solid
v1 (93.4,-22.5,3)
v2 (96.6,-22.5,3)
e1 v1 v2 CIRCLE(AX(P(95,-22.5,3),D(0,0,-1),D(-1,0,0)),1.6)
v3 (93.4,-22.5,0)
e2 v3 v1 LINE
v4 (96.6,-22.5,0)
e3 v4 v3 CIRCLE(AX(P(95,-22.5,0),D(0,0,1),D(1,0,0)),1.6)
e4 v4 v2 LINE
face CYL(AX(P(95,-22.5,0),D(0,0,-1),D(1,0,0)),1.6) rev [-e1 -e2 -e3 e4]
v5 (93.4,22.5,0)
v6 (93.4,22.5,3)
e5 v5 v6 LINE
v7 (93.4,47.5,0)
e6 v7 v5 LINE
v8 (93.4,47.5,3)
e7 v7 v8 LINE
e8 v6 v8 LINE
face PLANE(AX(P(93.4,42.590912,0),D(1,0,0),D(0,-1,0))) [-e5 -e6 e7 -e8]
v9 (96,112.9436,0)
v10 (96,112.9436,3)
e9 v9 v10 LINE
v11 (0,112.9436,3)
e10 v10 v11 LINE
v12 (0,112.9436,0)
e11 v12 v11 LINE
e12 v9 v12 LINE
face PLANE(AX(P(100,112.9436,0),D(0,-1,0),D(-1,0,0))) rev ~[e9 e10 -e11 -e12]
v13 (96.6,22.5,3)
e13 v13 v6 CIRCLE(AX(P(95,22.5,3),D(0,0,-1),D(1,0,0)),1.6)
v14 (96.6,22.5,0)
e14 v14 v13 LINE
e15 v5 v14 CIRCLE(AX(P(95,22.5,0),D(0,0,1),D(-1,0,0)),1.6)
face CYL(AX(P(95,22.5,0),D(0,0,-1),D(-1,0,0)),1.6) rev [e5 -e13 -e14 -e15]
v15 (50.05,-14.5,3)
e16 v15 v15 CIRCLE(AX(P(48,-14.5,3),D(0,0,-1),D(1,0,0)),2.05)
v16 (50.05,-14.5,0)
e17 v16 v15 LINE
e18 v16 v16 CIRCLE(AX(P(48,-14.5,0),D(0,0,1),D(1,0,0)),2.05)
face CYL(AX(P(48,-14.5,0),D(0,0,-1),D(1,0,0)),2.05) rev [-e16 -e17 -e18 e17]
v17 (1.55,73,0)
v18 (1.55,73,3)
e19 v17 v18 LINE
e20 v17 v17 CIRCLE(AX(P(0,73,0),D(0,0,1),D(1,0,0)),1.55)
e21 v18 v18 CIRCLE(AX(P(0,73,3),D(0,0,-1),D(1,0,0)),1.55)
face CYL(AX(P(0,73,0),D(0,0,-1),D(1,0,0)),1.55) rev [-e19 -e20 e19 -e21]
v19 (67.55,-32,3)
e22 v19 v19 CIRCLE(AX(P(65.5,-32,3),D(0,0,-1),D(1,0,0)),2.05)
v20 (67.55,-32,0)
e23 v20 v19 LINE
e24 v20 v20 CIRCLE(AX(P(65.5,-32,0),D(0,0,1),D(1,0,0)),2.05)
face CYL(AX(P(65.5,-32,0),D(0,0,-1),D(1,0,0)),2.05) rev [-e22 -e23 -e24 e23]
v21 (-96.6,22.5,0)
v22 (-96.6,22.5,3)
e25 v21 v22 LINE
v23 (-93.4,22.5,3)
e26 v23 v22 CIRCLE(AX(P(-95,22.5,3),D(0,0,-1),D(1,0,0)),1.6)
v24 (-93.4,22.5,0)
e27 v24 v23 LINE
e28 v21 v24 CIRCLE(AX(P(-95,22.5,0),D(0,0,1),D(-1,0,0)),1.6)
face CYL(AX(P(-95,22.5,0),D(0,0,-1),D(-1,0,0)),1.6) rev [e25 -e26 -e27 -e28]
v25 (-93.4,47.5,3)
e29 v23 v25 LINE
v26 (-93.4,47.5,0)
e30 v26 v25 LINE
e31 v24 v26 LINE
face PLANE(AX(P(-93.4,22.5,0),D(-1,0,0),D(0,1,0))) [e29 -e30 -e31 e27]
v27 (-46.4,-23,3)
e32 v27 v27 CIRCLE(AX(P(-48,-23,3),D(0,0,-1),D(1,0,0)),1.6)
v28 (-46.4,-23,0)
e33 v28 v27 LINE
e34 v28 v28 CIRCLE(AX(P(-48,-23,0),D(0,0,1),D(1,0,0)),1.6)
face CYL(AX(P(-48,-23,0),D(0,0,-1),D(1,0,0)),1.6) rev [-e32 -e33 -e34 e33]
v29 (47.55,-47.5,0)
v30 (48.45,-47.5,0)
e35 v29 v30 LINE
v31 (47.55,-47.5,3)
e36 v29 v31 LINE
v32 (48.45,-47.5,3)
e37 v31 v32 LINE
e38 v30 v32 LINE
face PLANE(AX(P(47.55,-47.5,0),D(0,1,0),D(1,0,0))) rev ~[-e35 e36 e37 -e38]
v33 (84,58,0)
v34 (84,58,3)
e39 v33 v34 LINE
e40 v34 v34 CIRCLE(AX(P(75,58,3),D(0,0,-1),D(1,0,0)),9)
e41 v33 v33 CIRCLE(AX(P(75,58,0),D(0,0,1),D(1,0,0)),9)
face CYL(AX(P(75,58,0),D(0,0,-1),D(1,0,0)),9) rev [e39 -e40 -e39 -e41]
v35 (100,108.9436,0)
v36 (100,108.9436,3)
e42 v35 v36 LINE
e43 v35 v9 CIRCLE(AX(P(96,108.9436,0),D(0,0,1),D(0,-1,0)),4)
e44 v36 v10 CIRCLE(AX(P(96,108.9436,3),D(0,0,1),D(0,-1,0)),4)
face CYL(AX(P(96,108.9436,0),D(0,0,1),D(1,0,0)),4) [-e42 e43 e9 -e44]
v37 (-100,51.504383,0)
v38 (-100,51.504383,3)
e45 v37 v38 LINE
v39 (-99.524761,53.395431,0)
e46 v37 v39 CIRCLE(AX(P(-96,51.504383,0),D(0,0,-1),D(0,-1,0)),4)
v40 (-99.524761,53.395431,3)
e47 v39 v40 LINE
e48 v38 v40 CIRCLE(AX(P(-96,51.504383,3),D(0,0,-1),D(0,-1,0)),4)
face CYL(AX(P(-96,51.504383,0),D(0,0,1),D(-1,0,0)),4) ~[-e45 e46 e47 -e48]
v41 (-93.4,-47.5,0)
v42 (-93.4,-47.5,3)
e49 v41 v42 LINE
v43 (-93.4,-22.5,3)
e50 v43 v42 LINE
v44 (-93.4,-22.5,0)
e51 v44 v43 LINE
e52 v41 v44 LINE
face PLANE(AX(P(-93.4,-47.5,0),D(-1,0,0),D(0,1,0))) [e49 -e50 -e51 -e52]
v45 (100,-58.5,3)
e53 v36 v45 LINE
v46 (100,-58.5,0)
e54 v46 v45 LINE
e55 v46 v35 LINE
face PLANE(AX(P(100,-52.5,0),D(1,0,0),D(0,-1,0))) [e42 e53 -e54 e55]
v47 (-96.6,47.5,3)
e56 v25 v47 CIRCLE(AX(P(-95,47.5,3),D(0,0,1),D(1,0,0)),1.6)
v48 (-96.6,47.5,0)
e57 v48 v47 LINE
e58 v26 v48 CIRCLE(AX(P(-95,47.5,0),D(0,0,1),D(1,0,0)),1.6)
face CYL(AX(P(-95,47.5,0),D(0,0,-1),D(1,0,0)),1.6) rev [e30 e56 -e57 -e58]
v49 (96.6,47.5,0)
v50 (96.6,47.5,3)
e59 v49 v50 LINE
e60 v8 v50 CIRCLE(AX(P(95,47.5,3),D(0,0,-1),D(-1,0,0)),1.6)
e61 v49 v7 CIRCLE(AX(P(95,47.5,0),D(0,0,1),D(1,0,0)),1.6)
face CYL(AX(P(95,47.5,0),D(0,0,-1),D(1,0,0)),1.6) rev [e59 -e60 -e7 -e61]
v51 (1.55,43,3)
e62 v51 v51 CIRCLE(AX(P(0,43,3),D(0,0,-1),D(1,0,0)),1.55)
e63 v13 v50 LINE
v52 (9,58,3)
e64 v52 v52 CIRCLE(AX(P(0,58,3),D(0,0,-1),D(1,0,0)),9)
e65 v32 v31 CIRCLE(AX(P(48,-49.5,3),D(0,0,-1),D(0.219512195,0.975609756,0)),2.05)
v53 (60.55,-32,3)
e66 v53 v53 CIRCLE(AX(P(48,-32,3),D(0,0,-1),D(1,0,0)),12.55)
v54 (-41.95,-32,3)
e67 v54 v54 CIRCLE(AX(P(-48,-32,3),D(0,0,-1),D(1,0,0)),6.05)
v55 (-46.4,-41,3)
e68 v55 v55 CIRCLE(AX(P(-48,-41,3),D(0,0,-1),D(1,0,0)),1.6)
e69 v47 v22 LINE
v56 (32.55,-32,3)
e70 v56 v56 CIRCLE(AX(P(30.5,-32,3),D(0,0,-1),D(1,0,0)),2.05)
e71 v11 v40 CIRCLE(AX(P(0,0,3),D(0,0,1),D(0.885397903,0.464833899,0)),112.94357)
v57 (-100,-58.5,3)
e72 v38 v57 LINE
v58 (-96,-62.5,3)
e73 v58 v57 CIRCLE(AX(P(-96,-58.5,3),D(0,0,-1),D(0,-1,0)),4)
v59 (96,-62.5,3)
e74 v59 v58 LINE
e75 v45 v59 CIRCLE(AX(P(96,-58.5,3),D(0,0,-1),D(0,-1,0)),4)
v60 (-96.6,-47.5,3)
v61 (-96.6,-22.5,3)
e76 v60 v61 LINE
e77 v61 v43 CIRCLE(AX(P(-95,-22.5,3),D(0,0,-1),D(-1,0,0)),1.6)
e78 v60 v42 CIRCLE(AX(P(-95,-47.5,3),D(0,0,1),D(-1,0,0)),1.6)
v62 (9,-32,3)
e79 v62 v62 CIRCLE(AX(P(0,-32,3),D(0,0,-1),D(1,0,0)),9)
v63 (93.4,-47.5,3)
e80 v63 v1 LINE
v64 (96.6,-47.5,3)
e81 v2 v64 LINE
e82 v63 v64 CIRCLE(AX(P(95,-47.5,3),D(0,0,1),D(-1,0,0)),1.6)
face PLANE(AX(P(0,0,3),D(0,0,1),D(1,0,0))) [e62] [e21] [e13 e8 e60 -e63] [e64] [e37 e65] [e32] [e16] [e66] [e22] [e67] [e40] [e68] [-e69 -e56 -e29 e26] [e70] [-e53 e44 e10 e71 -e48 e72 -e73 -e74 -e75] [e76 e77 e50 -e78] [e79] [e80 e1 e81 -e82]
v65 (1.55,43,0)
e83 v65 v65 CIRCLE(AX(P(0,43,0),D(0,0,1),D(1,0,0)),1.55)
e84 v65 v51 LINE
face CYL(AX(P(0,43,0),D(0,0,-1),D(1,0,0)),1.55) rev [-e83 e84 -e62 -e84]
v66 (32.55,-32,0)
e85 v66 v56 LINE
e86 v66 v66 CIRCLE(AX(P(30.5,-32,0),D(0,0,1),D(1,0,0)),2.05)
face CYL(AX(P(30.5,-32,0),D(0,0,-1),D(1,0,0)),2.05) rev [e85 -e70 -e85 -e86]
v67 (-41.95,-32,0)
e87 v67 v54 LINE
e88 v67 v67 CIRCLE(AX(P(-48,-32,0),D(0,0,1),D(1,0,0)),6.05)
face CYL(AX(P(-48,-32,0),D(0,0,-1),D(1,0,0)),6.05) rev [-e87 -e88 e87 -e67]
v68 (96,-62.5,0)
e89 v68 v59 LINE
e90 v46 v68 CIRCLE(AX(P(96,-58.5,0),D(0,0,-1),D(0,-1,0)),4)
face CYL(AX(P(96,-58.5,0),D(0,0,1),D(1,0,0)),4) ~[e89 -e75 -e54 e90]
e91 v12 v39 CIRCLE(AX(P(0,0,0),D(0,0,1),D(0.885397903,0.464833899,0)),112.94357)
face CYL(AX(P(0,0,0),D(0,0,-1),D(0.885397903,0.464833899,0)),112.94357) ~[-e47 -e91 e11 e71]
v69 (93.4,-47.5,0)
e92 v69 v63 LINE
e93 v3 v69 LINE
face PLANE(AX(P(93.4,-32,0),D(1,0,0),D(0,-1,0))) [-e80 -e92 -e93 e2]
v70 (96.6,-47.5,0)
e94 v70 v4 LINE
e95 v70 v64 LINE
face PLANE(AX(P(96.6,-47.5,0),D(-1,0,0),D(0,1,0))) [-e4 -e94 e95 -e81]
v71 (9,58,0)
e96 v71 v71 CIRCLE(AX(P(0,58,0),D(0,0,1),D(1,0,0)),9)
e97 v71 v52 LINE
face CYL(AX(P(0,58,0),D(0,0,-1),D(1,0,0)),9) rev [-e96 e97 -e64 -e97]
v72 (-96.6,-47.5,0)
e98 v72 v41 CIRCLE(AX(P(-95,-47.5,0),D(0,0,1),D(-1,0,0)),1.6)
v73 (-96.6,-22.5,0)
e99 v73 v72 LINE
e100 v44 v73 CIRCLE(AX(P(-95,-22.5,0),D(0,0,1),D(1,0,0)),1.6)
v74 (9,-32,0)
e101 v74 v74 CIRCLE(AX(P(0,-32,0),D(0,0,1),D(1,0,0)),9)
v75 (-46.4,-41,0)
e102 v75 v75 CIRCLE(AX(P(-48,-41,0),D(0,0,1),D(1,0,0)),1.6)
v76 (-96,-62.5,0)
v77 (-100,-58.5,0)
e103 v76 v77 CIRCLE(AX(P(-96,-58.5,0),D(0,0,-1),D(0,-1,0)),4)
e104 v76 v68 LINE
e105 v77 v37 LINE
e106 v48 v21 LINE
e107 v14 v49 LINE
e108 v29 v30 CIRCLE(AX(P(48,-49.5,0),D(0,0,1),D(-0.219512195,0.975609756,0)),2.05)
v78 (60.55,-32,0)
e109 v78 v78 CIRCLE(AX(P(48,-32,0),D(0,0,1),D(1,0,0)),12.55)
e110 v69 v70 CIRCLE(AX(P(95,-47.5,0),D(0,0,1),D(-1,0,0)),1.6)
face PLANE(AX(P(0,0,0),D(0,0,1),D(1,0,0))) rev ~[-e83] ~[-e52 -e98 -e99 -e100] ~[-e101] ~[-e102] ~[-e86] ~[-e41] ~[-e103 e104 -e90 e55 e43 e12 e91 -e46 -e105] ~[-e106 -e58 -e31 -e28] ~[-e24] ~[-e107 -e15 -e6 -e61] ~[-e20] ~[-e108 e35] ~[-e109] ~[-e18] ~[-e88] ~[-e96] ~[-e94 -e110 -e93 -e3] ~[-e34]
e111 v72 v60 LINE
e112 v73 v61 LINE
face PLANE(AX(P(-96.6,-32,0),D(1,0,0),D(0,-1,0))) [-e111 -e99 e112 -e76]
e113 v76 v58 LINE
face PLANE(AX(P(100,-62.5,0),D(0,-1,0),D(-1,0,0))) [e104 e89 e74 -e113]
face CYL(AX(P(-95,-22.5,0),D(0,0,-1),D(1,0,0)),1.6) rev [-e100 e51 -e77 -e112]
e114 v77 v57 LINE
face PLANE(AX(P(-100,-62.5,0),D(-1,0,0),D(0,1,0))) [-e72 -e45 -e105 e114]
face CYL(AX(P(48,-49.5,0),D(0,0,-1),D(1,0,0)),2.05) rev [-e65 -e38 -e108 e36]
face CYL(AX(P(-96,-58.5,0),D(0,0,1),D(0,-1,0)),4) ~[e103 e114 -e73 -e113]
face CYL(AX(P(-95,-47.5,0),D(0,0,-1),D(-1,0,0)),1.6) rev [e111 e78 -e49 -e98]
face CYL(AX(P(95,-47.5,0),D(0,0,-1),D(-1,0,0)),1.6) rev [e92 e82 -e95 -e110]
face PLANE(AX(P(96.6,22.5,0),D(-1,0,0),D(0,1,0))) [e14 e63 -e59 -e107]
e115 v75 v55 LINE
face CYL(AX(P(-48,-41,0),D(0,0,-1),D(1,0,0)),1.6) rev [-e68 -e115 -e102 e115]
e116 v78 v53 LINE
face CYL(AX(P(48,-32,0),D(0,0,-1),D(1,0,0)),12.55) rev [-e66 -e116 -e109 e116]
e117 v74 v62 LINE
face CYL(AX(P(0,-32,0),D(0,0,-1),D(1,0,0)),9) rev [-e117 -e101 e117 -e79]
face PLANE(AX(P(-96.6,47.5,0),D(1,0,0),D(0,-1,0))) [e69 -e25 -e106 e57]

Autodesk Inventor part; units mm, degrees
ref_plane "YZ Plane" through (0, 0, 0) normal (1, 0, 0) x (0, 1, 0)
ref_plane "XZ Plane" through (0, 0, 0) normal (0, 1, 0) x (-1, 0, 0)
ref_plane "XY Plane" through (0, 0, 0) normal (0, 0, 1) x (1, 0, 0)
sketch "スケッチ1" plane through (0, 0, 0) normal (0, 0, 1) x (1, 0, 0)
  point P0 (0, 0)
sketch "スケッチ2" plane through (0, 0, 0) normal (0, 0, 1) x (1, 0, 0)
  line L0 (100, -52.5) -> (-100, -52.5)
  line L1 (-100, -52.5) -> (-100, 52.5)
  line L2 (-100, 52.5) -> (100, 52.5)
  line L3 (100, 52.5) -> (100, -52.5)
  line L4 (100, -52.5) -> (-100, 52.5) construction
  line L5 (-100, -52.5) -> (100, 52.5) construction
  circle A0 centre (-48, -32) radius 6.05
  circle A1 centre (48, -32) radius 12.55
  circle A2 centre (48, -32) radius 17.5
  circle A3 centre (65.5, -32) radius 2.05
  circle A4 centre (48, -14.5) radius 2.05
  circle A5 centre (30.5, -32) radius 2.05
  circle A6 centre (48, -49.5) radius 2.05
  circle A7 centre (-48, -32) radius 9
  circle A8 centre (-57, -32) radius 1.6
  circle A9 centre (-48, -41) radius 1.6
  circle A10 centre (-39, -32) radius 1.6
  circle A11 centre (-48, -23) radius 1.6
  line L6 (95, 47.5) -> (-95, 47.5)
  line L7 (-95, 47.5) -> (-95, -47.5)
  line L8 (-95, -47.5) -> (95, -47.5)
  line L9 (95, -47.5) -> (95, 47.5)
  line L10 (-95, 47.5) -> (-95, 22.5) construction
  line L11 (-96.6, 47.5) -> (-96.6, 22.5)
  line L12 (-93.4, 22.5) -> (-93.4, 47.5)
  arc A12 (-93.4, 47.5) -> (-96.6, 47.5) centre (-95, 47.5) ccw
  arc A13 (-96.6, 22.5) -> (-93.4, 22.5) centre (-95, 22.5) ccw
  line L13 (-95, 47.5) -> (-70, 47.5) construction
  line L14 (-95, -47.5) -> (-95, -22.5) construction
  line L15 (-93.4, -47.5) -> (-93.4, -22.5)
  line L16 (-96.6, -22.5) -> (-96.6, -47.5)
  arc A14 (-96.6, -47.5) -> (-93.4, -47.5) centre (-95, -47.5) ccw
  arc A15 (-93.4, -22.5) -> (-96.6, -22.5) centre (-95, -22.5) ccw
  line L17 (-95, -47.5) -> (-70, -47.5) construction
  line L18 (95, 47.5) -> (95, 22.5) construction
  line L19 (93.4, 47.5) -> (93.4, 22.5)
  line L20 (96.6, 22.5) -> (96.6, 47.5)
  arc A16 (96.6, 47.5) -> (93.4, 47.5) centre (95, 47.5) ccw
  arc A17 (93.4, 22.5) -> (96.6, 22.5) centre (95, 22.5) ccw
  line L21 (95, 47.5) -> (120, 47.5) construction
  line L22 (95, -47.5) -> (95, -22.5) construction
  line L23 (96.6, -47.5) -> (96.6, -22.5)
  line L24 (93.4, -22.5) -> (93.4, -47.5)
  arc A18 (93.4, -47.5) -> (96.6, -47.5) centre (95, -47.5) ccw
  arc A19 (96.6, -22.5) -> (93.4, -22.5) centre (95, -22.5) ccw
  line L25 (95, -47.5) -> (120, -47.5) construction
  line L26 (-100, -32) -> (100, -32)
  circle A20 centre (0, -32) radius 9
  circle A21 centre (0, -32) radius 39
  line L27 (-85, 52.5) -> (85, 52.5)
  line L28 (85, 52.5) -> (85, 47.5)
  line L29 (85, 47.5) -> (-85, 47.5)
  line L30 (-85, 47.5) -> (-85, 52.5)
  line L31 (-85, 47.5) -> (0, 0)
  line L32 (0, 0) -> (85, 47.5)
  line L33 (-100, 0) -> (100, 0)
  line L34 (100, 0) -> (100, -62.5)
  line L35 (100, -62.5) -> (-100, -62.5)
  line L36 (-100, -62.5) -> (-100, 0)
  arc A22 (100, 52.5) -> (-100, 52.5) centre (0, 0) ccw
  circle A23 centre (0, 58) radius 15
  line L37 (0, 112.9436) -> (0, -32)
  circle A24 centre (0, 58) radius 9
  circle A25 centre (0, 73) radius 1.55
  circle A26 centre (0, 43) radius 1.55
  circle A27 centre (75, 58) radius 9
  circle A28 centre (75, 58) radius 24
  circle A29 centre (0, -32) radius 24
  line L38 (-15, 58) -> (15, 58)
  line L39 (-100, 52.5) -> (100, 52.5)
  line L40 (100, 52.5) -> (100, 112.9436)
  line L41 (100, 112.9436) -> (-100, 112.9436)
  line L42 (-100, 112.9436) -> (-100, 52.5)
  point P0 (-95, 35)
  point P1 (-95, -35)
  point P2 (95, 35)
  point P3 (95, -35)
  point P4 (-39.1422, -33.5937)
  point P5 (-39.1422, -30.4063)
  point P6 (0, 52.5)
  point P7 (85, 52.5)
  point P8 (48.45, -47.5)
  point P9 (47.55, -47.5)
  dimension "d9" = 35
  dimension "d15" = 18
  dimension "d0" = 200
  dimension "d1" = 105
  dimension "d5" = 12.1
  dimension "d6" = 25.1
  dimension "d10" = 4.1
  dimension "d13" = 360
  dimension "d16" = 3.2
  dimension "d19" = 360
  dimension "d21" = 5
  dimension "d22" = 25
  dimension "d23" = 90
  dimension "d24" = 3.2
  dimension "d25" = 25
  dimension "d26" = 90
  dimension "d27" = 3.2
  dimension "d28" = 25
  dimension "d29" = 90
  dimension "d30" = 3.2
  dimension "d31" = 25
  dimension "d32" = 90
  dimension "d33" = 3.2
  dimension "d36" = 20.5
  dimension "d37" = 18
  dimension "d38" = 78
  dimension "d39" = 48
  dimension "d40" = 48
  dimension "d43" = 170
  dimension "d44" = 85
  dimension "d46" = 62.5
  dimension "d47" = 30
  dimension "d49" = 18
  dimension "d50" = 3.1
  dimension "d51" = 3.1
  dimension "d52" = 18
  dimension "d53" = 48
  dimension "d54" = 48
  dimension "d56" = 90
  dimension "d57" = 75
extrude "押し出し1" add sketch "スケッチ2" along normal blind 3 contours L34 L35 A21 L0 | L0 A21 L8 A2 A6 A18 L23 L26 L3 | A21 L35 L0 A29 | L0 A29 L8 A21 | L26 L23 A19 L9 L33 L3 | A29 L0 | L0 A29 L8 | A21 A2 L8 | L8 A29 L26 A5 A2 A21 | L33 L9 A17 L20 A16 A28 L2 L3 | L0 A21 L8 A29 | L8 A29 L26 A20 | L35 L36 L0 A21 | L8 A6 A2 | A2 A21 A1 L26 A3 L8 A6 | A2 A5 L26 A1 A21 | L2 A28 A22 | A22 A28 L41 L40 | L33 A21 L32 A28 L19 A17 L9 | L9 A19 L24 L26 A3 A2 A4 A21 L33 | L0 L1 L26 L16 A14 L8 A21 | L8 A21 A10 L26 A29 | A29 L37 L33 A21 A2 A5 L26 | L26 A20 L37 A29 | A6 L8 | A28 A16 L6 L28 L2 | L2 A27 A28 A22 | A22 A28 | L33 L32 A21 | L8 A2 A3 L26 L24 | L8 L15 L26 A8 A7 A9 A10 A21 | A29 L37 A20 L26 | L26 A10 A21 L33 L37 A29 | A6 L8 A2 | A5 A2 A21 A1 L26 | A1 A21 A2 A4 A3 L26 | L28 L6 A28 L2 A27 | A28 L2 A23 A25 L37 A22 | L37 A25 A23 L2 A22 | L32 L37 A21 | A21 L37 A26 A23 L6 A28 L32 | L33 A21 L31 | L31 A21 L37 | L1 L33 L7 A15 L16 L26 | A21 L26 A10 | A10 A7 A21 | L26 A21 A10 | L32 A28 L6 | L6 L19 A28 L32 | A28 L6 A23 L2 | L2 L30 L6 A12 L11 A13 L7 L33 L1 | A21 L31 L6 A23 A26 L37 | A21 L33 L7 A13 L12 L6 L31 | A21 A10 A7 A11 A8 L26 L15 A15 L7 L33 | A10 L26 A7 | A7 A9 A8 L26 A0 A10 | L26 A10 A7 | A7 A10 A21 | A23 L6 L37 A24 L2 | L2 A24 L38 A23 | L2 A23 L6 L30 | A25 L37 A24 L38 A23 | L26 A7 A8 | A8 A7 L26 | L26 A0 A8 A7 A11 A10 | A23 A26 L37 L6 | L38 A24 L37 A25 A23 | A23 L38 A24 L2 | L2 A24 L37 L6 A23 | A23 L6 L37 A26 | A8 L26 A7 | A7 L26 A8 picked at (42.8176, -47.9142) picked at (53.1824, -47.9142)
fillet "フィレット1" radius 4 4 edges at (-100, 52.5, 1.5) (100, -62.5, 1.5) (-100, -62.5, 1.5) (100, 112.9436, 1.5)
equation "\"d25\" = d22"
equation "\"d27\" = d24"
equation "\"d28\" = d22"
equation "\"d30\" = d24"
equation "\"d31\" = d22"
equation "\"d33\" = d24"
equation "\"d40\" = d39"
equation "\"d44\" = 0.5 * d43"
properties part number "aaa_small_plate_motor"
